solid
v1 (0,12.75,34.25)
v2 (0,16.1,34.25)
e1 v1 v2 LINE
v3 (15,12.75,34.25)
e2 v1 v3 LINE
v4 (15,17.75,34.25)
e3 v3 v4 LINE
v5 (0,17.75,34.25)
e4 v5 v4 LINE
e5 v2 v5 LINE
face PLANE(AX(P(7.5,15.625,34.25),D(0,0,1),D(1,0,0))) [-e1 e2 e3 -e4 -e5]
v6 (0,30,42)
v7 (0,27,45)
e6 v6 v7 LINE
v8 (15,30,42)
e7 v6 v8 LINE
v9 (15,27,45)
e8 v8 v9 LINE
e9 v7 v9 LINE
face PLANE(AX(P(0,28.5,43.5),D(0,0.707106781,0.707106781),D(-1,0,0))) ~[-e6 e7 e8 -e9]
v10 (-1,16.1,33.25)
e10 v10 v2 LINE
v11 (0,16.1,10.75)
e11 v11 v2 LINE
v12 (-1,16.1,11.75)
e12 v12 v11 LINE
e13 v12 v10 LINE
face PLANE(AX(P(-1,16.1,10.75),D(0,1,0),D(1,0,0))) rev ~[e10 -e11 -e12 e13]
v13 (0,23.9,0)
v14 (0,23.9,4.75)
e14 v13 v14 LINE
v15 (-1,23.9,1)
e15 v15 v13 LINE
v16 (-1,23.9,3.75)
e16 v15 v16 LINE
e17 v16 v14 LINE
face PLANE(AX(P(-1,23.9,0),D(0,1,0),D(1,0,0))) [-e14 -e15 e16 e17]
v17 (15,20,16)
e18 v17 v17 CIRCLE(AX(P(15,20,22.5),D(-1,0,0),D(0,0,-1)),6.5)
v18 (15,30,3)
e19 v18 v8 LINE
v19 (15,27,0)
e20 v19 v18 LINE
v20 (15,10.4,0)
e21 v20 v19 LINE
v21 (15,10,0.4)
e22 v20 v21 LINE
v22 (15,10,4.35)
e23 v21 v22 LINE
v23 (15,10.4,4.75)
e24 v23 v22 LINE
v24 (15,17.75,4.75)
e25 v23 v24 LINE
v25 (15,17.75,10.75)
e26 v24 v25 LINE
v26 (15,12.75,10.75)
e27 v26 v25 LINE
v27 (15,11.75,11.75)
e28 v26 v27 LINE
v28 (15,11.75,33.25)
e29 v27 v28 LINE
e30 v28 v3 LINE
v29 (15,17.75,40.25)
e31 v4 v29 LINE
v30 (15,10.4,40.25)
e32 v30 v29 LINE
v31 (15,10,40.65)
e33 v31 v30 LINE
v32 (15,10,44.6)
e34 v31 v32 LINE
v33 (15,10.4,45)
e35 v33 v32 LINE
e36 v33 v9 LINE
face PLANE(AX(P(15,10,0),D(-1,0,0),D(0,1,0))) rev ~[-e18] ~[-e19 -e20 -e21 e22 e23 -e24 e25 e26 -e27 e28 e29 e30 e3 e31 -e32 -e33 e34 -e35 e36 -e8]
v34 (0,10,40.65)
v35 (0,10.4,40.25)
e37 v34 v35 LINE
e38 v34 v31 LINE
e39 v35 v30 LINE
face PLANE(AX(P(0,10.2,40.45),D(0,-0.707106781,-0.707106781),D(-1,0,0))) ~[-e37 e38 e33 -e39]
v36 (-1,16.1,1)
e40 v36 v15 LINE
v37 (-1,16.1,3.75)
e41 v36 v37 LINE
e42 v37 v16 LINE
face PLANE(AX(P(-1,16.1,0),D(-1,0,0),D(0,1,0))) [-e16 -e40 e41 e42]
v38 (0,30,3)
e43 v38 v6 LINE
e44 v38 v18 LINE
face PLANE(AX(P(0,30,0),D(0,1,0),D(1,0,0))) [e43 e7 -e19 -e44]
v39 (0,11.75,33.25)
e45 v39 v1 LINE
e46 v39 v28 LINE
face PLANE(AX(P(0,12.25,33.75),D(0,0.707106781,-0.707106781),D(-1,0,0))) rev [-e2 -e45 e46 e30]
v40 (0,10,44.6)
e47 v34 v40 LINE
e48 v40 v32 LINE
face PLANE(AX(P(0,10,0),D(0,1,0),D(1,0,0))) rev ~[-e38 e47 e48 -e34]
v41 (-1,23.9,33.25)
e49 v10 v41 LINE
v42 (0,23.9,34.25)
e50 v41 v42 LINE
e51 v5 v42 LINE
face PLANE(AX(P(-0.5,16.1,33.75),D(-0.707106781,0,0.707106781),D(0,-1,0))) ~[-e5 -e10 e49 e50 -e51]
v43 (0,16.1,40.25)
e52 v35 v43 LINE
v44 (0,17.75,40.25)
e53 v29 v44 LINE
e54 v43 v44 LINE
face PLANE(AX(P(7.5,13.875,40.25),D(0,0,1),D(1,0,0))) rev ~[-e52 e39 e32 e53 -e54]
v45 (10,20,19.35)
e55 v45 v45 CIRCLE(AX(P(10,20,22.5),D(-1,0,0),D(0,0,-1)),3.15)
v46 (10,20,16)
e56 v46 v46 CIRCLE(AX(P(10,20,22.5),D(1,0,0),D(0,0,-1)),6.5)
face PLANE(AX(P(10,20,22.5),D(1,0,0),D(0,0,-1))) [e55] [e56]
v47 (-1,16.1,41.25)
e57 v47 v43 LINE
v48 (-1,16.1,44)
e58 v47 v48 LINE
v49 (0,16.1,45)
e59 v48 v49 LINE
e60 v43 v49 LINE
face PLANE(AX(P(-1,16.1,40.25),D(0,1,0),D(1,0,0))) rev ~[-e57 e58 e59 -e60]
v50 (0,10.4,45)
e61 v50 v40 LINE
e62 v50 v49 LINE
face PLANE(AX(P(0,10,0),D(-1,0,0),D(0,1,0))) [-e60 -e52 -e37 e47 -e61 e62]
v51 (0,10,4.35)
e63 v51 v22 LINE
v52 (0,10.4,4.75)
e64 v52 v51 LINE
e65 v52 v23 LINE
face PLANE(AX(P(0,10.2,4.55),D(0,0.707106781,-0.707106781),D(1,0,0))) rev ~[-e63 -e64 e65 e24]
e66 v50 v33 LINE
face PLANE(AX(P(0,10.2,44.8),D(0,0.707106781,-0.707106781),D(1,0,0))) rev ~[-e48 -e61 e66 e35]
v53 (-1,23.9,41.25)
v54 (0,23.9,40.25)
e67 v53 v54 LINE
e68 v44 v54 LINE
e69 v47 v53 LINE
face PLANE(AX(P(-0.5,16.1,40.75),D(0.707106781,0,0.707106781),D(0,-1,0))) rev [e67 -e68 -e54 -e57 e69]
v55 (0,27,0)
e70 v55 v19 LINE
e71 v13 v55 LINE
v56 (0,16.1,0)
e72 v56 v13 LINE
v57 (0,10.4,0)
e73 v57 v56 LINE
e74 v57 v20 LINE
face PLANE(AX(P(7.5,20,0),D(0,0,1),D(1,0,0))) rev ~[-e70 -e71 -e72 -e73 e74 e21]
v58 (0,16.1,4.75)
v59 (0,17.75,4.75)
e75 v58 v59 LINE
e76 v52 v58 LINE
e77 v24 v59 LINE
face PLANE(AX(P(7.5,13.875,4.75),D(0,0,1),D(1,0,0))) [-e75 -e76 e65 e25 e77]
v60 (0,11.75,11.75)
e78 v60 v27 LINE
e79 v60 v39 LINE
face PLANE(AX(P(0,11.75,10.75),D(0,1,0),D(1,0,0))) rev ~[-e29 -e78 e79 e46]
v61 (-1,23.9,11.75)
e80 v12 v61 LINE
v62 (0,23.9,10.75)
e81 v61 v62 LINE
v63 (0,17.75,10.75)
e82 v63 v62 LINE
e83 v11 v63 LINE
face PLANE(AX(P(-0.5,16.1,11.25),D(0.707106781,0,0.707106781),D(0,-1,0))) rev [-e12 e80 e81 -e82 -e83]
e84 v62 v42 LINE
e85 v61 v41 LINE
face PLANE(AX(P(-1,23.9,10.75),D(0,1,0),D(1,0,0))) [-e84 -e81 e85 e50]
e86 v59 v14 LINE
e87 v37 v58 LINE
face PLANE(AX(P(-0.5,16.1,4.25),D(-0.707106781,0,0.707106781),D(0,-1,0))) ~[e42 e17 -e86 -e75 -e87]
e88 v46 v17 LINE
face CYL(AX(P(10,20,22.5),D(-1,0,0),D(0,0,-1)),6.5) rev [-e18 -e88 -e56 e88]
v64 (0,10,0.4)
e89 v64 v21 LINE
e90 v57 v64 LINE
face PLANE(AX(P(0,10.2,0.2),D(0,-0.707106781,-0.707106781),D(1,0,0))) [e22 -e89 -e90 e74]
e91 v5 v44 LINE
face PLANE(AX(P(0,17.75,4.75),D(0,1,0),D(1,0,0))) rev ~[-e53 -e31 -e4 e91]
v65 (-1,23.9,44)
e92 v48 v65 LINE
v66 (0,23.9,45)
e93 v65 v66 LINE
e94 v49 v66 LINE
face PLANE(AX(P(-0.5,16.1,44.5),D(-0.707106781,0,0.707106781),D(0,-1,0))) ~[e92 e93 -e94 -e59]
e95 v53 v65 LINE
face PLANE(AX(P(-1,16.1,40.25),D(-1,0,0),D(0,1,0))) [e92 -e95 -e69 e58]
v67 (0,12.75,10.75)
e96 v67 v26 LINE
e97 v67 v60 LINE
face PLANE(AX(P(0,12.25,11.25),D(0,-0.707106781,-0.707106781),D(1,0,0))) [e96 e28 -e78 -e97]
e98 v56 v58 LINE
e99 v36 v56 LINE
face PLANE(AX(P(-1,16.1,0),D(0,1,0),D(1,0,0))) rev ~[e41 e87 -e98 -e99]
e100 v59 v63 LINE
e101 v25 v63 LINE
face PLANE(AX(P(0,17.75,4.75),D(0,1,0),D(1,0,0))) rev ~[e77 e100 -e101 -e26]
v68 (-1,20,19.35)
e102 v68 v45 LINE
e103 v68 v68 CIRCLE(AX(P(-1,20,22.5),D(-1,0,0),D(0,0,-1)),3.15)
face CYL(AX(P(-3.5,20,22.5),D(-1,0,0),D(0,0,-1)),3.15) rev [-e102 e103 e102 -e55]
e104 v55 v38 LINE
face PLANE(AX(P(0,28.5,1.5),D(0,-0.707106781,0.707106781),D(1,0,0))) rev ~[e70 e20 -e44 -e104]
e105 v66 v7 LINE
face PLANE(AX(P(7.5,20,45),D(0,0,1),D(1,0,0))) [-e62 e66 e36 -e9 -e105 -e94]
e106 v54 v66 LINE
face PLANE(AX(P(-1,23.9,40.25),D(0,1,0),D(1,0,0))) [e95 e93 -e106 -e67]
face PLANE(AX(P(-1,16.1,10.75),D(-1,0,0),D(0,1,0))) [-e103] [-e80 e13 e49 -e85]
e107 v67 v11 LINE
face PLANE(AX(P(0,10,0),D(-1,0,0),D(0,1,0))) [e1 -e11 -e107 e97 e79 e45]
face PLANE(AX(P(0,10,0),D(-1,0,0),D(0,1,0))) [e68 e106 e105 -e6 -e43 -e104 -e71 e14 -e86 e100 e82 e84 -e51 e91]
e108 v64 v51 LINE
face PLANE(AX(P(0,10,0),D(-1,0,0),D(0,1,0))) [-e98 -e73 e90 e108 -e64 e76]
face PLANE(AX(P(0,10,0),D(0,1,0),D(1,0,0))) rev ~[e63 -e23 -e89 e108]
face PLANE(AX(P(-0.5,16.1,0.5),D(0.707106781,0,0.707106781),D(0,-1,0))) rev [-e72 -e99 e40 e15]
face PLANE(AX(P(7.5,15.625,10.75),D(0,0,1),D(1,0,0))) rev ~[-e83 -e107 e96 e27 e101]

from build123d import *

# Parameters (mm, degrees)
CYLINDER005_R      = 3.15
CYLINDER005_DEPTH  = 18
CYLINDER004_R      = 6.5
CYLINDER004_DEPTH  = 18
BOX011_W           = 15
BOX011_H           = 7.75
BOX011_DEPTH       = 35.5
BOX009_W           = 15
BOX009_H           = 20
BOX009_DEPTH       = 45
BOX010_W           = 15
BOX010_H           = 7.75
BOX010_DEPTH       = 23.5
CHAMFER003012_SIZE = 0.4
CHAMFER003013_SIZE = 1
CHAMFER003014_SIZE = 3
BOX012_W           = 10
BOX012_H           = 7.8
BOX012_DEPTH       = 4.75
BOX013_W           = 10
BOX013_H           = 7.8
BOX013_DEPTH       = 4.75
BOX014_W           = 10
BOX014_H           = 7.8
BOX014_DEPTH       = 23.5
CHAMFER003008_SIZE = 1


with BuildPart() as cylinder005:
    # Cylinder005 → Cylinder005 (new body)
    with BuildSketch(Plane(origin=(-3.5, 20, 22.5), x_dir=(0, 0, -1), z_dir=(1, 0, 0))):
        Circle(CYLINDER005_R)
    extrude(amount=CYLINDER005_DEPTH)


with BuildPart() as cylinder004:
    # Cylinder004 → Cylinder004 (new body)
    with BuildSketch(Plane(origin=(10, 20, 22.5), x_dir=(0, 0, -1), z_dir=(1, 0, 0))):
        Circle(CYLINDER004_R)
    extrude(amount=CYLINDER004_DEPTH)


with BuildPart() as cube011:
    # Box011 → Box011 (new body)
    with BuildSketch(Plane(origin=(0, 10, 4.75), x_dir=(1, 0, 0), z_dir=(0, 0, 1))):
        with Locations((7.5, 3.875)):
            Rectangle(BOX011_W, BOX011_H)
    extrude(amount=BOX011_DEPTH)


with BuildPart() as cut008004003004014002002005003002:
    # Box009 → Box009 (new body)
    with BuildSketch(Plane(origin=(0, 10, 0), x_dir=(1, 0, 0), z_dir=(0, 0, 1))):
        with Locations((7.5, 10)):
            Rectangle(BOX009_W, BOX009_H)
    extrude(amount=BOX009_DEPTH)

    # Cut008004003004014002002005003002: cut Cube011
    add(cube011.part, mode=Mode.SUBTRACT)


with BuildPart() as chamfer003014:
    # Box010 → Box010 (new body)
    with BuildSketch(Plane(origin=(0, 11.75, 10.75), x_dir=(1, 0, 0), z_dir=(0, 0, 1))):
        with Locations((7.5, 3.875)):
            Rectangle(BOX010_W, BOX010_H)
    extrude(amount=BOX010_DEPTH)

    # Fusion008: union Cut008004003004014002002005003002
    add(cut008004003004014002002005003002.part)

    # Chamfer003012
    chamfer003012_edges = [chamfer003014.edges().sort_by_distance(p)[0] for p in [
        (7.5, 10, 40.25),
        (7.5, 10, 4.75),
        (7.5, 10, 0),
        (7.5, 10, 45),
    ]]
    chamfer(chamfer003012_edges, length=CHAMFER003012_SIZE)

    # Chamfer003013
    chamfer003013_edges = [chamfer003014.edges().sort_by_distance(p)[0] for p in [
        (7.5, 11.75, 10.75),
        (7.5, 11.75, 34.25),
    ]]
    chamfer(chamfer003013_edges, length=CHAMFER003013_SIZE)

    # Chamfer003014
    chamfer003014_edges = [chamfer003014.edges().sort_by_distance(p)[0] for p in [
        (7.5, 30, 0),
        (7.5, 30, 45),
    ]]
    chamfer(chamfer003014_edges, length=CHAMFER003014_SIZE)


with BuildPart() as cube012:
    # Box012 → Box012 (new body)
    with BuildSketch(Plane(origin=(-1, 16.1, 0), x_dir=(1, 0, 0), z_dir=(0, 0, 1))):
        with Locations((5, 3.9)):
            Rectangle(BOX012_W, BOX012_H)
    extrude(amount=BOX012_DEPTH)


with BuildPart() as cube013:
    # Box013 → Box013 (new body)
    with BuildSketch(Plane(origin=(-1, 16.1, 40.25), x_dir=(1, 0, 0), z_dir=(0, 0, 1))):
        with Locations((5, 3.9)):
            Rectangle(BOX013_W, BOX013_H)
    extrude(amount=BOX013_DEPTH)


with BuildPart() as din_stopper:
    # Box014 → Box014 (new body)
    with BuildSketch(Plane(origin=(-1, 16.1, 10.75), x_dir=(1, 0, 0), z_dir=(0, 0, 1))):
        with Locations((5, 3.9)):
            Rectangle(BOX014_W, BOX014_H)
    extrude(amount=BOX014_DEPTH)

    # Fusion005: union Cube012, Cube013
    add(cube012.part)
    add(cube013.part)

    # Chamfer003008
    chamfer003008_edges = [din_stopper.edges().sort_by_distance(p)[0] for p in [
        (-1, 20, 34.25),
        (-1, 20, 10.75),
        (-1, 20, 4.75),
        (-1, 20, 0),
        (-1, 20, 45),
        (-1, 20, 40.25),
    ]]
    chamfer(chamfer003008_edges, length=CHAMFER003008_SIZE)

    # Fusion009: union Chamfer003014
    add(chamfer003014.part)

    # Cut008004003004014002002005003003: cut Cylinder004
    add(cylinder004.part, mode=Mode.SUBTRACT)

    # Cut008004003004014002002005003004: cut Cylinder005
    add(cylinder005.part, mode=Mode.SUBTRACT)


solid = din_stopper.part
